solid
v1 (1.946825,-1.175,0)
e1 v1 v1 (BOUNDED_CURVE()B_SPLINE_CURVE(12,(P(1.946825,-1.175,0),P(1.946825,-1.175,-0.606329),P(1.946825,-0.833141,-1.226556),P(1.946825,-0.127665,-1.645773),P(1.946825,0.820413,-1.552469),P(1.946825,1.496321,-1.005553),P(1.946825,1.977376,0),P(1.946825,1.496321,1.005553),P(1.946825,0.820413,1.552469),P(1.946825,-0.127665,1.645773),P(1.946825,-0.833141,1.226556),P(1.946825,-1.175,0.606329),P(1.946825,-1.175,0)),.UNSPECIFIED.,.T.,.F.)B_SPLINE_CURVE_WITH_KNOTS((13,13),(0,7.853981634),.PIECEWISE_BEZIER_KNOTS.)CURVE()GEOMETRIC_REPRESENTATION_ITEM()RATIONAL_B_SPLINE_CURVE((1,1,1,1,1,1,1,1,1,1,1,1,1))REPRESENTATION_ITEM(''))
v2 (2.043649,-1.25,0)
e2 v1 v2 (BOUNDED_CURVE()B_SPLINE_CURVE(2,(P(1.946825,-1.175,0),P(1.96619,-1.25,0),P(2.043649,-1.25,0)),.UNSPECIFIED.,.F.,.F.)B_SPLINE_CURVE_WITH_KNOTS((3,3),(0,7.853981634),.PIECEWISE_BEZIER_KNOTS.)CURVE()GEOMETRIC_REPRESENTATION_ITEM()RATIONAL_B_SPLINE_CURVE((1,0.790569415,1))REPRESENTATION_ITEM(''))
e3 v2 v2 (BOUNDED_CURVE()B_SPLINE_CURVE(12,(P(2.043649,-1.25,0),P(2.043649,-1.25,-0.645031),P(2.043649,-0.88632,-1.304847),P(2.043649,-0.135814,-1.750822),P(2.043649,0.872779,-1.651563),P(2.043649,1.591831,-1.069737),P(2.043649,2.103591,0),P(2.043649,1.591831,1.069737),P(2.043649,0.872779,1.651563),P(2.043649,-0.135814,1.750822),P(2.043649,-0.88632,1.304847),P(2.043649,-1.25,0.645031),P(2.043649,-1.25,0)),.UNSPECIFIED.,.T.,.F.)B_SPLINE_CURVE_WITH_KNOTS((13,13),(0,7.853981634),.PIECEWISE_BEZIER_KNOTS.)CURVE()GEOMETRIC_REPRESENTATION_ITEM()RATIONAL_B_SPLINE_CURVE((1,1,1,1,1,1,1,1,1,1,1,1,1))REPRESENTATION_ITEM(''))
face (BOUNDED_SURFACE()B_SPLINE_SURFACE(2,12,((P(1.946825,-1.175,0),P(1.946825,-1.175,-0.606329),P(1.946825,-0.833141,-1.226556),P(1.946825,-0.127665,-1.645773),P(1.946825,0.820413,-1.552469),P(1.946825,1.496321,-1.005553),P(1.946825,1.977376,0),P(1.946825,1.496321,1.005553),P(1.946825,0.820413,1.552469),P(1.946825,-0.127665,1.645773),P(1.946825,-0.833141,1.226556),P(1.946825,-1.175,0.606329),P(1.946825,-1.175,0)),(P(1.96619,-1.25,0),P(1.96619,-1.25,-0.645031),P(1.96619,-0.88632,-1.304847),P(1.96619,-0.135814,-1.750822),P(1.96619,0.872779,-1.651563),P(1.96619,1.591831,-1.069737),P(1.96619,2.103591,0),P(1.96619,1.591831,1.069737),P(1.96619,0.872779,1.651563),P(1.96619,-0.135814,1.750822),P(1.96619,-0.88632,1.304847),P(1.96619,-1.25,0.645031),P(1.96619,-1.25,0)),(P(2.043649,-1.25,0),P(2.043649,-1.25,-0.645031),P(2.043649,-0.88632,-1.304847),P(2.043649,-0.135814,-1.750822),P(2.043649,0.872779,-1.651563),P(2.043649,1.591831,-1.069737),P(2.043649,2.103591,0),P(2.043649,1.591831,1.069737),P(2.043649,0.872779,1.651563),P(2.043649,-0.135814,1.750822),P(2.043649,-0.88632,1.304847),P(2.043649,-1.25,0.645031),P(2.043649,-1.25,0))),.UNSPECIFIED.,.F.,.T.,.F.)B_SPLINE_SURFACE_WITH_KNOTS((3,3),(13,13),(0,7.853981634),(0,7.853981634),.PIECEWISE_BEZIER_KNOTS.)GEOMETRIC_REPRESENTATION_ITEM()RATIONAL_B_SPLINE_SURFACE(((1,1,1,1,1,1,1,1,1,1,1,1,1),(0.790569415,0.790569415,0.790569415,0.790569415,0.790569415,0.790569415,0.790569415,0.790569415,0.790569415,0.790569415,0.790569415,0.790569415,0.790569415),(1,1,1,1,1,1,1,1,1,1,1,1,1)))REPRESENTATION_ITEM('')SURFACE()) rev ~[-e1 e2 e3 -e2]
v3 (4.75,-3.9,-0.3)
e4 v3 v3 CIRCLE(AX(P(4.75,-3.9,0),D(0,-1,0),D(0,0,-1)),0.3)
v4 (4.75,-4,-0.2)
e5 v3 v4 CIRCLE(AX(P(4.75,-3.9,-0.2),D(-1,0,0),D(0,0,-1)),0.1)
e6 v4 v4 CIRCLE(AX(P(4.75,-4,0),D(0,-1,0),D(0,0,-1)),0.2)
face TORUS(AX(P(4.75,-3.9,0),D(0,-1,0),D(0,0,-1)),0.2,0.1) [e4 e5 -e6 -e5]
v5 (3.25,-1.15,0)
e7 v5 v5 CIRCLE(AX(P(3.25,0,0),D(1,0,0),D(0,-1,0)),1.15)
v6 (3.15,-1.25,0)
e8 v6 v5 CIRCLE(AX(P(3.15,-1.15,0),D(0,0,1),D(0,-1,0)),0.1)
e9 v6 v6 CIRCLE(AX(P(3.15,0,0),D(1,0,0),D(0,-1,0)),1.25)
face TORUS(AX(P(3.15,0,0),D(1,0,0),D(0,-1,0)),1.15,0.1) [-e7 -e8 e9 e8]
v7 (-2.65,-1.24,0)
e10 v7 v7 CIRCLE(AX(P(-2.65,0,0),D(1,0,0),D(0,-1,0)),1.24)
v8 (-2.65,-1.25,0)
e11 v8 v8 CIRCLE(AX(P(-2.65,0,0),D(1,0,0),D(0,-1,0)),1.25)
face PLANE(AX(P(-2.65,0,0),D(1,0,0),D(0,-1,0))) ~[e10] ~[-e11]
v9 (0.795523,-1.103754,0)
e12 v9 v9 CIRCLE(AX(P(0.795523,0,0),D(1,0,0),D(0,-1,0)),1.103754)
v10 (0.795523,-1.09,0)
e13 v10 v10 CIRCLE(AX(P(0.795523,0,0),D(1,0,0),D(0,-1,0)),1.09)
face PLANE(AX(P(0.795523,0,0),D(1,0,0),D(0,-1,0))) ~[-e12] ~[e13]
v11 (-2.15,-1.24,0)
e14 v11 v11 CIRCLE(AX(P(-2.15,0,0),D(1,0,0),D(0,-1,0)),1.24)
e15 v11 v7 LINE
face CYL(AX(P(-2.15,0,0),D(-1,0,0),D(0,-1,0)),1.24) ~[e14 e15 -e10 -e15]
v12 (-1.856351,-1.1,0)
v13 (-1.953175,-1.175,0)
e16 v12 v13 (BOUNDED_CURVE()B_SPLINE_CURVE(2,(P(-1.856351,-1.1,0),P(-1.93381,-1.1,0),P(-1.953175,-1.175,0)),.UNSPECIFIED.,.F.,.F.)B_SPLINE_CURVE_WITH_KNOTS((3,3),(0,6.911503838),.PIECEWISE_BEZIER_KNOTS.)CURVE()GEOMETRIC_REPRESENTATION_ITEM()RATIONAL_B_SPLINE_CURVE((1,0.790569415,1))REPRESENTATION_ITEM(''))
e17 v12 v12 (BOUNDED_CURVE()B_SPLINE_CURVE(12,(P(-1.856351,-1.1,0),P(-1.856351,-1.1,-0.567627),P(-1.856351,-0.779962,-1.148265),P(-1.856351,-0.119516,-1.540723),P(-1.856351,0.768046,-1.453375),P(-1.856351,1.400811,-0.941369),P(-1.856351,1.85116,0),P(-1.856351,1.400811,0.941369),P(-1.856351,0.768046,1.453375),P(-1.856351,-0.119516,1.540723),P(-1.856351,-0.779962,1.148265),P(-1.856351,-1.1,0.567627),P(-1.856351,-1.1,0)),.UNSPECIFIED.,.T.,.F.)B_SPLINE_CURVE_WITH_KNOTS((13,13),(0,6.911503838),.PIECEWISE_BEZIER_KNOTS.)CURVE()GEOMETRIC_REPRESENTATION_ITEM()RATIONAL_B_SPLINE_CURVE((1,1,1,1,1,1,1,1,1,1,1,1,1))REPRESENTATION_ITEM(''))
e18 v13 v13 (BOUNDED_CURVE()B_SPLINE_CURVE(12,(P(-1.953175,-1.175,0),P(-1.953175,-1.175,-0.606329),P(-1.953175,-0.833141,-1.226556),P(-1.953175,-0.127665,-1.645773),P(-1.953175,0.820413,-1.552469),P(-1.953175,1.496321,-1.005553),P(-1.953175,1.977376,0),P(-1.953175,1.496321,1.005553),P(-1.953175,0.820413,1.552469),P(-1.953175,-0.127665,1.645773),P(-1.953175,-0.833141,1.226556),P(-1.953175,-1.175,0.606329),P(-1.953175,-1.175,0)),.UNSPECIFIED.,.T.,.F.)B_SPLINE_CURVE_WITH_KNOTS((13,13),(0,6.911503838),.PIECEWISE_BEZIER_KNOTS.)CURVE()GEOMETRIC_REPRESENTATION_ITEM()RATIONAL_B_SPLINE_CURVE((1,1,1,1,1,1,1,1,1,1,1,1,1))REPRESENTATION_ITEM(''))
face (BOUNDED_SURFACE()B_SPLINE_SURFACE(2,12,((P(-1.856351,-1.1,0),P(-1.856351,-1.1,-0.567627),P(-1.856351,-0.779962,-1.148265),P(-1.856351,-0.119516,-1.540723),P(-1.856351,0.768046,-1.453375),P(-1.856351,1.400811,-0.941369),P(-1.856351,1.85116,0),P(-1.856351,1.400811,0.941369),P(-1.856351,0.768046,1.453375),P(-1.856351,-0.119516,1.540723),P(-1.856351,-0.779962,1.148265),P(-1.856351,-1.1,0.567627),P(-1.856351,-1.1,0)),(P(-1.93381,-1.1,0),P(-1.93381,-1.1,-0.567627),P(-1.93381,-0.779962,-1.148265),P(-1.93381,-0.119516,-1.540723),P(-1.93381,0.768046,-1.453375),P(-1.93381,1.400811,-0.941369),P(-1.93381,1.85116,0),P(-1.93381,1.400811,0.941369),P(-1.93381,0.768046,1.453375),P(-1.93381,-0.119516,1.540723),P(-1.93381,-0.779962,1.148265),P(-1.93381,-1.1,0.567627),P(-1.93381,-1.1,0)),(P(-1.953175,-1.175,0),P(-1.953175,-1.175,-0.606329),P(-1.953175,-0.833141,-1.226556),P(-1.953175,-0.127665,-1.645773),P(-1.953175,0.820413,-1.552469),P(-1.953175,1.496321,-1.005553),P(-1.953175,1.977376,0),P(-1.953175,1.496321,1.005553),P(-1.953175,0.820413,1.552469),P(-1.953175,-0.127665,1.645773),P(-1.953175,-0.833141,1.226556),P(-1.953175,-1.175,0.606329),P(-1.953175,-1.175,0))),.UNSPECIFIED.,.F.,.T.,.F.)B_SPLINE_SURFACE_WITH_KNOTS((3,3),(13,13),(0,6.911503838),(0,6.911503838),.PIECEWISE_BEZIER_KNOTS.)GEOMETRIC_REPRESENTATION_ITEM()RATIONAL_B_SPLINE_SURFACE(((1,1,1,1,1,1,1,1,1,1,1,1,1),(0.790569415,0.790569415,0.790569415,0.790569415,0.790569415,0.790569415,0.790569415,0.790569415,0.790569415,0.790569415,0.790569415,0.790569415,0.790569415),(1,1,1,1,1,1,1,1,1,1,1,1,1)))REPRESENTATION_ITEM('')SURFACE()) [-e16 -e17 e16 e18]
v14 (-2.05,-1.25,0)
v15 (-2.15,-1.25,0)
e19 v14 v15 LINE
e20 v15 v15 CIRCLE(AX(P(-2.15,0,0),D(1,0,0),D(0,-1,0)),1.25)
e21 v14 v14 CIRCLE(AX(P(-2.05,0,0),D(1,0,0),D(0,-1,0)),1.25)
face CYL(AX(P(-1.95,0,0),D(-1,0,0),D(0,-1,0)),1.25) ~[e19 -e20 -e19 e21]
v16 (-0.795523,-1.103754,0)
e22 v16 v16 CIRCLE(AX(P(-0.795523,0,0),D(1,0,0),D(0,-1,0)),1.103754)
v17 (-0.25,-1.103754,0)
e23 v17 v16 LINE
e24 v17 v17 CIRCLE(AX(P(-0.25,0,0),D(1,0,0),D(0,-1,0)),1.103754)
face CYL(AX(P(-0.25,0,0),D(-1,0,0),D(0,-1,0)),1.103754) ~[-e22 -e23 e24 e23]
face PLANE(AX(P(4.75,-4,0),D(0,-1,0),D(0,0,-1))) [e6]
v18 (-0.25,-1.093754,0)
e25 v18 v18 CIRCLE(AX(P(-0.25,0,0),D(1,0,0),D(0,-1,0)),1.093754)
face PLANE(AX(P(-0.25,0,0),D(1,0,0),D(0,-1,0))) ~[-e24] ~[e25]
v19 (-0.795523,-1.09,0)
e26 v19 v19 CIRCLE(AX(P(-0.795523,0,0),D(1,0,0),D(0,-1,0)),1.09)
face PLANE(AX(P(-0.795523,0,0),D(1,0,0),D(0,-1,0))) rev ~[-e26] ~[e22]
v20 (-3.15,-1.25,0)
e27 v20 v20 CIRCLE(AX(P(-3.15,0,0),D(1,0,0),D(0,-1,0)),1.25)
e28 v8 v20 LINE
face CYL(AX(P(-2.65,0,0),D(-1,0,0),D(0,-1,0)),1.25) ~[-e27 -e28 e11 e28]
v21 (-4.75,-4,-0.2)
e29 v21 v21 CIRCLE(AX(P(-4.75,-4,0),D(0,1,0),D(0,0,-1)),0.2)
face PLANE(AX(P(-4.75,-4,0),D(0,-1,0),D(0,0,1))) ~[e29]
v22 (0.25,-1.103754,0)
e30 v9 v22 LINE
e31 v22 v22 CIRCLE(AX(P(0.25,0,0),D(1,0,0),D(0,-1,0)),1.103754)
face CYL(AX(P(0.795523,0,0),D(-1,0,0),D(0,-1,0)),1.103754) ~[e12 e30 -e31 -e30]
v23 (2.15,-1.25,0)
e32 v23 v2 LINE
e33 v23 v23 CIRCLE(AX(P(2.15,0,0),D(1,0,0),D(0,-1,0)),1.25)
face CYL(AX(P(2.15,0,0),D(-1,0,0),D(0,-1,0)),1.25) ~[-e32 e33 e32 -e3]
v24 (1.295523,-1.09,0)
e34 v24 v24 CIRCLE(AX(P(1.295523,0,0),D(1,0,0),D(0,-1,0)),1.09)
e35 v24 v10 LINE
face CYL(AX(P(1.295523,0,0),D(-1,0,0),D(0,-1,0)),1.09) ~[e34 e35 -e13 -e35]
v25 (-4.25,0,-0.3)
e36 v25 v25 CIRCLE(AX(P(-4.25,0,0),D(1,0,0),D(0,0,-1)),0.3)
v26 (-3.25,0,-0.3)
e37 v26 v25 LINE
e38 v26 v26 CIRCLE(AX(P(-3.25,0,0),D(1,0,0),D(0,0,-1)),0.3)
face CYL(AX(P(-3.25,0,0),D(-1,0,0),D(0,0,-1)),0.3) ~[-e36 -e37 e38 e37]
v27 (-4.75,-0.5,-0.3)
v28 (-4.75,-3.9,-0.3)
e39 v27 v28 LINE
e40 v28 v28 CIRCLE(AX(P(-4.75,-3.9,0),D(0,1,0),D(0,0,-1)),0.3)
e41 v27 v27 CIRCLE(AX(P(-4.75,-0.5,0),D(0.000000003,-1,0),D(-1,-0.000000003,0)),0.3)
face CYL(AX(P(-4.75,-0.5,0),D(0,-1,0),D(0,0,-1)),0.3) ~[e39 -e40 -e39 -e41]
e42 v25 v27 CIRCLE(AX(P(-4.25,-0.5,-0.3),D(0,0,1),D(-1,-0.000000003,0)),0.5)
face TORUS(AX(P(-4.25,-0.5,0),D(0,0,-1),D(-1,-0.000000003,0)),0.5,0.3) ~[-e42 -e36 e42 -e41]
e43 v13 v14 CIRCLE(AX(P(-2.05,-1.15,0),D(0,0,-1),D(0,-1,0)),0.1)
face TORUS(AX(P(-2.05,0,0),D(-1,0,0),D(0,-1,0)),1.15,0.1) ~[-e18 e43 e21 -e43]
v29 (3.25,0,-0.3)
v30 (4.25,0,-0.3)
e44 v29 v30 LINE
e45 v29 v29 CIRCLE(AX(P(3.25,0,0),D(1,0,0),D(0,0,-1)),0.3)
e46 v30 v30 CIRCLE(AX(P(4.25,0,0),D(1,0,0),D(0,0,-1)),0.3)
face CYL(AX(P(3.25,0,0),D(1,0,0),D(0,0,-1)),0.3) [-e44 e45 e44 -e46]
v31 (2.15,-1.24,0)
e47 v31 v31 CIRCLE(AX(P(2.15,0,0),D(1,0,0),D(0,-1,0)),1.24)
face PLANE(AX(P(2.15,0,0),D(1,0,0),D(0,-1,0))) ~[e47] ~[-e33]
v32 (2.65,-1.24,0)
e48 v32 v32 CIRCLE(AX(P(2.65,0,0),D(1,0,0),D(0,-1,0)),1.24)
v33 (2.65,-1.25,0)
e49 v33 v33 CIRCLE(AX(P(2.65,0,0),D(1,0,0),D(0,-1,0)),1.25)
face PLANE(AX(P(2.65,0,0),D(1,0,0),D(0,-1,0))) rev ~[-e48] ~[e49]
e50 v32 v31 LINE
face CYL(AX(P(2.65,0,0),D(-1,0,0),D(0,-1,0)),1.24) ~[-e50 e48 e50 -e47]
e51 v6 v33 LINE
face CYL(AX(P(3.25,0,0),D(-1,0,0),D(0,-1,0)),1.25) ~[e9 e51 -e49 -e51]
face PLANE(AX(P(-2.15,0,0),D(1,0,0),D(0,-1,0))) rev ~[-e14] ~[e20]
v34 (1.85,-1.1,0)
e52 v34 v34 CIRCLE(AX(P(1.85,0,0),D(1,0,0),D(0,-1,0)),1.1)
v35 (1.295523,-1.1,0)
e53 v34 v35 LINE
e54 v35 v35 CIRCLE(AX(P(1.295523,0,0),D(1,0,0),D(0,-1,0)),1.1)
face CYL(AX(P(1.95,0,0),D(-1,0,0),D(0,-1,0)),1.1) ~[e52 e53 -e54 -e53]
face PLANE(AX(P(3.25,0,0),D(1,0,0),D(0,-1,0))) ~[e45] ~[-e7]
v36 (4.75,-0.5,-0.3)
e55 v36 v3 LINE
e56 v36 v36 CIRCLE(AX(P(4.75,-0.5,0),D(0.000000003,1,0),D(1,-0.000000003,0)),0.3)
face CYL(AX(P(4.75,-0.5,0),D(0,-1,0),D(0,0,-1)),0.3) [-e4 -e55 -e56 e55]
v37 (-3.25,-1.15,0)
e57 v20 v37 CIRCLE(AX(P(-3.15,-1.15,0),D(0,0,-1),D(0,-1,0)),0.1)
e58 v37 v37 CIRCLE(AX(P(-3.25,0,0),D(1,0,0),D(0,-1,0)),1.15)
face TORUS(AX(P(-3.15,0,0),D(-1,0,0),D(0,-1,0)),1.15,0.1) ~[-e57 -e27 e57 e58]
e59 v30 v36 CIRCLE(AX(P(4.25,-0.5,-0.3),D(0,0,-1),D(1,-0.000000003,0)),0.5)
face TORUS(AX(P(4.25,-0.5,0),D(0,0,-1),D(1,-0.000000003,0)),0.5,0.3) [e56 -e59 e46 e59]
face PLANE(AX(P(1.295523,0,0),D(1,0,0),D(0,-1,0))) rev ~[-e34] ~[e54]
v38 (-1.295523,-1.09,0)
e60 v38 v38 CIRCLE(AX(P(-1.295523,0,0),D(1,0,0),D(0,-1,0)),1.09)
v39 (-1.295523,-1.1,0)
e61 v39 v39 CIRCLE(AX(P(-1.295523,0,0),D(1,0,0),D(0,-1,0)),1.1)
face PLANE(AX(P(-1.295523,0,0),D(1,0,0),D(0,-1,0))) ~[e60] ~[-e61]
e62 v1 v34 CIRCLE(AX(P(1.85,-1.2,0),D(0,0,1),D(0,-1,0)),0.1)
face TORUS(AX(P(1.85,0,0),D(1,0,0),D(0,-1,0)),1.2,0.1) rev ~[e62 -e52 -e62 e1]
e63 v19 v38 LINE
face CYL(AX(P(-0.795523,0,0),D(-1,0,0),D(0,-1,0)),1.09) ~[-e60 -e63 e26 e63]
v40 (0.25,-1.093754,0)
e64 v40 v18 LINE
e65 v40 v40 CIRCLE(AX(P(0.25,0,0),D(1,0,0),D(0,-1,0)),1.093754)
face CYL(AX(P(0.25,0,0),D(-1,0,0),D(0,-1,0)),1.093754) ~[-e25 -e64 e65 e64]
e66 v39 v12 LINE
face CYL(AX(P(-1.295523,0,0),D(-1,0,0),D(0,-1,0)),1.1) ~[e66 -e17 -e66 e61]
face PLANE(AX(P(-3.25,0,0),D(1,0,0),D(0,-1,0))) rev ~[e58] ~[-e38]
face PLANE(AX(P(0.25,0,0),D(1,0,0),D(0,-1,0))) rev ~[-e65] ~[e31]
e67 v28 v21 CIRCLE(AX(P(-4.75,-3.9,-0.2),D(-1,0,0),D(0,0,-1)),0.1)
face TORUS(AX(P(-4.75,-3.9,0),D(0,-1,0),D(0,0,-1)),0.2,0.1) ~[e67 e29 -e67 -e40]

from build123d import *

# Parameters (mm, degrees)
FILLET3_R = 0.1
FILLET4_R = 0.1
FILLET5_R = 0.1
SKETCH2_R = 0.3
FILLET6_R = 0.1


with BuildPart() as part:
    # Sketch1 → Revolve3 (revolve)
    with BuildSketch(Plane.XY):
        Polygon((-3.25, 0), (3.25, 0), (3.25, -1.25), (2.65, -1.25), (2.65, -1.24), (2.15, -1.24), (2.15, -1.25), (1.95, -1.25), (1.95, -1.1), (1.295523437, -1.1), (1.295523437, -1.09), (0.795523437, -1.09), (0.795523437, -1.1037537), (0.25, -1.1037537), (0.25, -1.0937537), (-0.25, -1.0937537), (-0.25, -1.1037537), (-0.795523437, -1.1037537), (-0.795523437, -1.09), (-1.295523437, -1.09), (-1.295523437, -1.1), (-1.95, -1.1), (-1.95, -1.25), (-2.15, -1.25), (-2.15, -1.24), (-2.65, -1.24), (-2.65, -1.25), (-3.25, -1.25), align=None)
    revolve(axis=Axis((-3.25, 0, 0), (1, 0, 0)))

    # Fillet3
    fillet3_edges = [part.edges().sort_by_distance(p)[0] for p in [
        (-3.25, 1.25, 0),
        (1.95, 1.1, 0),
    ]]
    fillet(fillet3_edges, radius=FILLET3_R)

    # Fillet4
    fillet4_edges = [part.edges().sort_by_distance(p)[0] for p in [
        (1.95, 1.25, 0),
        (-1.95, 1.25, 0),
    ]]
    fillet(fillet4_edges, radius=FILLET4_R)

    # Fillet5
    fillet5_edges = [part.edges().sort_by_distance(p)[0] for p in [
        (-1.95, 1.1, 0),
        (3.25, 1.25, 0),
    ]]
    fillet(fillet5_edges, radius=FILLET5_R)

    # Sweep1: sweep along a curve in space
    with BuildLine() as sweep1_path:
        Line((3.25, 0, 0), (4.25, 0, 0))
        ThreePointArc((4.75, -0.5, 0), (4.603553391, -0.146446609, 0), (4.25, 0, 0))
        Line((4.75, -0.5, 0), (4.75, -4, 0))
    # Sketch2 → Sweep1 (sweep)
    with BuildSketch(Plane(origin=(3.25, 0, 0), x_dir=(0, 0, -1), z_dir=(1, 0, 0))):
        Circle(SKETCH2_R)
    sweep1 = sweep(path=sweep1_path.line)

    # Mirror1: Sweep1 across plane
    add(sweep1.mirror(Plane(origin=(0, 0, 0), x_dir=(0, 0, 1), z_dir=(1, 0, 0))))

    # Fillet6
    fillet6_edges = [part.edges().sort_by_distance(p)[0] for p in [
        (4.75, -4, 0.3),
        (-4.75, -4, 0.3),
    ]]
    fillet(fillet6_edges, radius=FILLET6_R)


solid = part.part
